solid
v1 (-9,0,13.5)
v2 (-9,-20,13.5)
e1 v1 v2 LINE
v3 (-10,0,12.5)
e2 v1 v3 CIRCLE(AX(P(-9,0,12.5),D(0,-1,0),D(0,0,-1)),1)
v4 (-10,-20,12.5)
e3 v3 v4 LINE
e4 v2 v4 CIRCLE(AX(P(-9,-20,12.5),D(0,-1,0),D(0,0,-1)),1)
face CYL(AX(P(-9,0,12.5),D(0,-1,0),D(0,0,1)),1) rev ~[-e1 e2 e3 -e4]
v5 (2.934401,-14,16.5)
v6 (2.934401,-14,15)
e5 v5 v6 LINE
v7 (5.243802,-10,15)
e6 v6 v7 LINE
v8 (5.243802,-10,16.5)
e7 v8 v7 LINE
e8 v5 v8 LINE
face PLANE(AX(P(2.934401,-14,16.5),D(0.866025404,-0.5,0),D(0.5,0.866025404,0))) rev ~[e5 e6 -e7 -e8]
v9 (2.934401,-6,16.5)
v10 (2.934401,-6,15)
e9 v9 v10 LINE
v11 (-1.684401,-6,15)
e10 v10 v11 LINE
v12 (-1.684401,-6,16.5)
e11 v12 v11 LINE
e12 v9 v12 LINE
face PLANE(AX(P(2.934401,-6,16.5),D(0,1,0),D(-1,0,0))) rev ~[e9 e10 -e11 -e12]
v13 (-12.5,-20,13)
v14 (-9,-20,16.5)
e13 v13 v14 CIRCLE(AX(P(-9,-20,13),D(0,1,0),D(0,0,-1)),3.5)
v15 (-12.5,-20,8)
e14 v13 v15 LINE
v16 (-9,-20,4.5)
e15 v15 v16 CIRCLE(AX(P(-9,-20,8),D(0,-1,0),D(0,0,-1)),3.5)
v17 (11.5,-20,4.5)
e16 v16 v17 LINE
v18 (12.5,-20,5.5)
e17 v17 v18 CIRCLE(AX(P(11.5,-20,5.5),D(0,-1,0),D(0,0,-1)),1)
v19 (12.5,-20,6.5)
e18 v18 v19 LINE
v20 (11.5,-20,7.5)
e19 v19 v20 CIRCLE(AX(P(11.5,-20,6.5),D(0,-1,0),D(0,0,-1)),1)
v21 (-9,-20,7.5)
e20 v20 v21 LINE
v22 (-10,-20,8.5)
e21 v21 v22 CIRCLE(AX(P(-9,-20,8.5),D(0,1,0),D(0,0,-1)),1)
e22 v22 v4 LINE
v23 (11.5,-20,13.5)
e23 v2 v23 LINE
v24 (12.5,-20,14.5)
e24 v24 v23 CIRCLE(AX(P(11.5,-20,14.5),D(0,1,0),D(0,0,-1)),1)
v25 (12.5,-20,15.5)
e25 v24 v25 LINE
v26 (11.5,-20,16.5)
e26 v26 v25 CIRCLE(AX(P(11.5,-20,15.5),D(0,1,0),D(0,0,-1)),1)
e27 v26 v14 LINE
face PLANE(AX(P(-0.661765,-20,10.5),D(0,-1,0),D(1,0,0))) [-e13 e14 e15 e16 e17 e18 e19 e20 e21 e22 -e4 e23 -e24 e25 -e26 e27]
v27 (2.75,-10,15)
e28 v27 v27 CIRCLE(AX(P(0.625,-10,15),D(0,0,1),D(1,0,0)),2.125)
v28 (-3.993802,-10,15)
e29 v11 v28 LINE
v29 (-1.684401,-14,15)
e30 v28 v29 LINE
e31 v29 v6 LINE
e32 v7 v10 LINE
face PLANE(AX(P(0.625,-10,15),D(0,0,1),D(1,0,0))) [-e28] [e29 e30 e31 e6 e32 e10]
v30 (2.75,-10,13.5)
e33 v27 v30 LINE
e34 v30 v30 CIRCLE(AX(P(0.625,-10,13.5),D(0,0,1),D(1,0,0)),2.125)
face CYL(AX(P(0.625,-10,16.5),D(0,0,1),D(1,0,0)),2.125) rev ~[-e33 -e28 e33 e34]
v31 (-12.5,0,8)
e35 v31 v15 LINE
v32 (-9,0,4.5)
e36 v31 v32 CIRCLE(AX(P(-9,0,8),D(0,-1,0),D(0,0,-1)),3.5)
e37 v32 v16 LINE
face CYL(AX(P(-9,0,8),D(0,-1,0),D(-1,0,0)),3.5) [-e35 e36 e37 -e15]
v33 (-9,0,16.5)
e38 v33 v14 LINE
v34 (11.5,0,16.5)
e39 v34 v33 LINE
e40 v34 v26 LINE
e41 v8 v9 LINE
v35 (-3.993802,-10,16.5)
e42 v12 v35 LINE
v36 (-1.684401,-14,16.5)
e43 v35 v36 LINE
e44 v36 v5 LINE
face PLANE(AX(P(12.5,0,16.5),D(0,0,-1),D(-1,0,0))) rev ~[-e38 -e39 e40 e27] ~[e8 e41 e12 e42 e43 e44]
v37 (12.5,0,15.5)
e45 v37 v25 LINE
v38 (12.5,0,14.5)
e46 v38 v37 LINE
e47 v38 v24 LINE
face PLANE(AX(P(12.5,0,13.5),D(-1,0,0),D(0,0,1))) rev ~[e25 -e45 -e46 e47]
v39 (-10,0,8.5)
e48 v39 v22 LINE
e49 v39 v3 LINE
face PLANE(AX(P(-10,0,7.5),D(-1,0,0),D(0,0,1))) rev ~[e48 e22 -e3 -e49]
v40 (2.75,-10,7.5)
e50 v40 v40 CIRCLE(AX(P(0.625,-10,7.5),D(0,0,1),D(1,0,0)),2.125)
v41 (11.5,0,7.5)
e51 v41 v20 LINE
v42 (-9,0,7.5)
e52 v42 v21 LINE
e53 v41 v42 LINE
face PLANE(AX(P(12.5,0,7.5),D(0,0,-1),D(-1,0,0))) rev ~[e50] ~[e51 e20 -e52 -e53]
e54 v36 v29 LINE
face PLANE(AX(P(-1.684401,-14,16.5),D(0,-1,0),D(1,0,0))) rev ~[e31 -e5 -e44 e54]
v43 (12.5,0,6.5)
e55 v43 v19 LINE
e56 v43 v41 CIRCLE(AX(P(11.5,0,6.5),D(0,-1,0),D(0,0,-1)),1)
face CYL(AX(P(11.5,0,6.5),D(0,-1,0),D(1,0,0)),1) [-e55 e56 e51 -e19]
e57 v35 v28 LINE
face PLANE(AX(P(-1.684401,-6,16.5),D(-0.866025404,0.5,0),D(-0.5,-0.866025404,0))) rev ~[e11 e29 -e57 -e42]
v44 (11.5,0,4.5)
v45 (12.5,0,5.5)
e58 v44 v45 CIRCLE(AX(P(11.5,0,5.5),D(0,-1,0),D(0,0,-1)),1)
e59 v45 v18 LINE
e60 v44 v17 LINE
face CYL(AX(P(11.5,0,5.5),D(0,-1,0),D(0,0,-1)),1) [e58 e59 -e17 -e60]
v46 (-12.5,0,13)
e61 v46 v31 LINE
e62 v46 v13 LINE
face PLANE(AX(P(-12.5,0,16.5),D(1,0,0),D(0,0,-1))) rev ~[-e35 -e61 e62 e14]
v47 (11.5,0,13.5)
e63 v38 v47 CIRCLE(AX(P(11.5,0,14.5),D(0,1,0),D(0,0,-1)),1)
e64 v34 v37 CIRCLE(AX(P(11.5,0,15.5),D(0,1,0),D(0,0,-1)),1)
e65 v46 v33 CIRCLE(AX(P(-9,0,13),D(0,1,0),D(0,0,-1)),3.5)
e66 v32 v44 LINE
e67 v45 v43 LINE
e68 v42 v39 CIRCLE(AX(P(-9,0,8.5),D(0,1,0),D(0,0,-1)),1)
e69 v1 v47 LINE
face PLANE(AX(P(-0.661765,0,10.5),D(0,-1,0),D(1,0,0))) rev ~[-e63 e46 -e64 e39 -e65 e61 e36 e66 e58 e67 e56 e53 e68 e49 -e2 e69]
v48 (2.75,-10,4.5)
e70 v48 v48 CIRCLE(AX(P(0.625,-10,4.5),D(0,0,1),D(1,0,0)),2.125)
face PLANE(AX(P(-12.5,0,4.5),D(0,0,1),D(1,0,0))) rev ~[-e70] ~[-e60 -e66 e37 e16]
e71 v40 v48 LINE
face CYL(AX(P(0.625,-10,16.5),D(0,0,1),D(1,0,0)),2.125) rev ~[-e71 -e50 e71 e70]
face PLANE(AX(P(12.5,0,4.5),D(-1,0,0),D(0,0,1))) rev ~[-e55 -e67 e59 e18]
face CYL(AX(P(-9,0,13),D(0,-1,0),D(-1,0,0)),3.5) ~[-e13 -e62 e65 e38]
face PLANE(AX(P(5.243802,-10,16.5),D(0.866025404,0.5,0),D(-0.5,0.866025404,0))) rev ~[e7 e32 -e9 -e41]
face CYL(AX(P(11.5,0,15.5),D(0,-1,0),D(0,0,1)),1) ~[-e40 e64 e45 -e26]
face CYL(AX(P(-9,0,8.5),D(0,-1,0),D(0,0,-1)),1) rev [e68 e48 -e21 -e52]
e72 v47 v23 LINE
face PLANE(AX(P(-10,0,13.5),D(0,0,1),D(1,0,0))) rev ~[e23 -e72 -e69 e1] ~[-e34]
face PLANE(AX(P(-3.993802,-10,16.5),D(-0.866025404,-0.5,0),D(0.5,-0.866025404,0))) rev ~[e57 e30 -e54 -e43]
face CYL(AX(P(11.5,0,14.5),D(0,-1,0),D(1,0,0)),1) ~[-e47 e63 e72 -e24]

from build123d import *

# Parameters (mm, degrees)
F1_DEPTH = 20
F2_R     = 2.125
F3_DEPTH = 12
F4_R     = 2.125
F5_DEPTH = 1.5
F6_R     = 3.5
F7_R     = 1


with BuildPart() as f1:
    # F0 (on Front) → F1 (new body)
    with BuildSketch(Plane.XZ):
        Polygon((-12.5, 16.5), (-12.5, 11.75), (-12.5, 9.25), (-12.5, 7.5), (-12.5, 4.5), (12.5, 4.5), (12.5, 7.5), (-10, 7.5), (-10, 13.5), (12.5, 13.5), (12.5, 16.5), align=None)
    extrude(amount=F1_DEPTH)

    # F2 (on face) → F3 (cut, through all)
    with BuildSketch(Plane.XY.offset(16.5)):
        with Locations((0.625, -10)):
            Circle(F2_R)
    extrude(amount=-F3_DEPTH, mode=Mode.SUBTRACT)

    # F4 (on face) → F5 (cut)
    with BuildSketch(Plane.XY.offset(16.5)):
        Polygon((2.9344010768, -14), (5.2438021535, -10), (2.9344010768, -6), (-1.6844010768, -6), (-3.9938021535, -10), (-1.6844010768, -14), align=None)
        with Locations((0.625, -10)):
            Circle(F4_R, mode=Mode.SUBTRACT)
    extrude(amount=-F5_DEPTH, mode=Mode.SUBTRACT)

    # F6
    f6_edges = [f1.edges().sort_by_distance(p)[0] for p in [
        (-12.5, -10, 4.5),
        (-12.5, -10, 16.5),
    ]]
    fillet(f6_edges, radius=F6_R)

    # F7
    f7_edges = [f1.edges().sort_by_distance(p)[0] for p in [
        (-10, -10, 13.5),
        (-10, -10, 7.5),
        (12.5, -10, 7.5),
        (12.5, -10, 13.5),
        (-9, -10, 4.5),
        (-9, -10, 16.5),
        (12.5, -10, 4.5),
        (12.5, -10, 16.5),
    ]]
    fillet(f7_edges, radius=F7_R)


solid = f1.part
